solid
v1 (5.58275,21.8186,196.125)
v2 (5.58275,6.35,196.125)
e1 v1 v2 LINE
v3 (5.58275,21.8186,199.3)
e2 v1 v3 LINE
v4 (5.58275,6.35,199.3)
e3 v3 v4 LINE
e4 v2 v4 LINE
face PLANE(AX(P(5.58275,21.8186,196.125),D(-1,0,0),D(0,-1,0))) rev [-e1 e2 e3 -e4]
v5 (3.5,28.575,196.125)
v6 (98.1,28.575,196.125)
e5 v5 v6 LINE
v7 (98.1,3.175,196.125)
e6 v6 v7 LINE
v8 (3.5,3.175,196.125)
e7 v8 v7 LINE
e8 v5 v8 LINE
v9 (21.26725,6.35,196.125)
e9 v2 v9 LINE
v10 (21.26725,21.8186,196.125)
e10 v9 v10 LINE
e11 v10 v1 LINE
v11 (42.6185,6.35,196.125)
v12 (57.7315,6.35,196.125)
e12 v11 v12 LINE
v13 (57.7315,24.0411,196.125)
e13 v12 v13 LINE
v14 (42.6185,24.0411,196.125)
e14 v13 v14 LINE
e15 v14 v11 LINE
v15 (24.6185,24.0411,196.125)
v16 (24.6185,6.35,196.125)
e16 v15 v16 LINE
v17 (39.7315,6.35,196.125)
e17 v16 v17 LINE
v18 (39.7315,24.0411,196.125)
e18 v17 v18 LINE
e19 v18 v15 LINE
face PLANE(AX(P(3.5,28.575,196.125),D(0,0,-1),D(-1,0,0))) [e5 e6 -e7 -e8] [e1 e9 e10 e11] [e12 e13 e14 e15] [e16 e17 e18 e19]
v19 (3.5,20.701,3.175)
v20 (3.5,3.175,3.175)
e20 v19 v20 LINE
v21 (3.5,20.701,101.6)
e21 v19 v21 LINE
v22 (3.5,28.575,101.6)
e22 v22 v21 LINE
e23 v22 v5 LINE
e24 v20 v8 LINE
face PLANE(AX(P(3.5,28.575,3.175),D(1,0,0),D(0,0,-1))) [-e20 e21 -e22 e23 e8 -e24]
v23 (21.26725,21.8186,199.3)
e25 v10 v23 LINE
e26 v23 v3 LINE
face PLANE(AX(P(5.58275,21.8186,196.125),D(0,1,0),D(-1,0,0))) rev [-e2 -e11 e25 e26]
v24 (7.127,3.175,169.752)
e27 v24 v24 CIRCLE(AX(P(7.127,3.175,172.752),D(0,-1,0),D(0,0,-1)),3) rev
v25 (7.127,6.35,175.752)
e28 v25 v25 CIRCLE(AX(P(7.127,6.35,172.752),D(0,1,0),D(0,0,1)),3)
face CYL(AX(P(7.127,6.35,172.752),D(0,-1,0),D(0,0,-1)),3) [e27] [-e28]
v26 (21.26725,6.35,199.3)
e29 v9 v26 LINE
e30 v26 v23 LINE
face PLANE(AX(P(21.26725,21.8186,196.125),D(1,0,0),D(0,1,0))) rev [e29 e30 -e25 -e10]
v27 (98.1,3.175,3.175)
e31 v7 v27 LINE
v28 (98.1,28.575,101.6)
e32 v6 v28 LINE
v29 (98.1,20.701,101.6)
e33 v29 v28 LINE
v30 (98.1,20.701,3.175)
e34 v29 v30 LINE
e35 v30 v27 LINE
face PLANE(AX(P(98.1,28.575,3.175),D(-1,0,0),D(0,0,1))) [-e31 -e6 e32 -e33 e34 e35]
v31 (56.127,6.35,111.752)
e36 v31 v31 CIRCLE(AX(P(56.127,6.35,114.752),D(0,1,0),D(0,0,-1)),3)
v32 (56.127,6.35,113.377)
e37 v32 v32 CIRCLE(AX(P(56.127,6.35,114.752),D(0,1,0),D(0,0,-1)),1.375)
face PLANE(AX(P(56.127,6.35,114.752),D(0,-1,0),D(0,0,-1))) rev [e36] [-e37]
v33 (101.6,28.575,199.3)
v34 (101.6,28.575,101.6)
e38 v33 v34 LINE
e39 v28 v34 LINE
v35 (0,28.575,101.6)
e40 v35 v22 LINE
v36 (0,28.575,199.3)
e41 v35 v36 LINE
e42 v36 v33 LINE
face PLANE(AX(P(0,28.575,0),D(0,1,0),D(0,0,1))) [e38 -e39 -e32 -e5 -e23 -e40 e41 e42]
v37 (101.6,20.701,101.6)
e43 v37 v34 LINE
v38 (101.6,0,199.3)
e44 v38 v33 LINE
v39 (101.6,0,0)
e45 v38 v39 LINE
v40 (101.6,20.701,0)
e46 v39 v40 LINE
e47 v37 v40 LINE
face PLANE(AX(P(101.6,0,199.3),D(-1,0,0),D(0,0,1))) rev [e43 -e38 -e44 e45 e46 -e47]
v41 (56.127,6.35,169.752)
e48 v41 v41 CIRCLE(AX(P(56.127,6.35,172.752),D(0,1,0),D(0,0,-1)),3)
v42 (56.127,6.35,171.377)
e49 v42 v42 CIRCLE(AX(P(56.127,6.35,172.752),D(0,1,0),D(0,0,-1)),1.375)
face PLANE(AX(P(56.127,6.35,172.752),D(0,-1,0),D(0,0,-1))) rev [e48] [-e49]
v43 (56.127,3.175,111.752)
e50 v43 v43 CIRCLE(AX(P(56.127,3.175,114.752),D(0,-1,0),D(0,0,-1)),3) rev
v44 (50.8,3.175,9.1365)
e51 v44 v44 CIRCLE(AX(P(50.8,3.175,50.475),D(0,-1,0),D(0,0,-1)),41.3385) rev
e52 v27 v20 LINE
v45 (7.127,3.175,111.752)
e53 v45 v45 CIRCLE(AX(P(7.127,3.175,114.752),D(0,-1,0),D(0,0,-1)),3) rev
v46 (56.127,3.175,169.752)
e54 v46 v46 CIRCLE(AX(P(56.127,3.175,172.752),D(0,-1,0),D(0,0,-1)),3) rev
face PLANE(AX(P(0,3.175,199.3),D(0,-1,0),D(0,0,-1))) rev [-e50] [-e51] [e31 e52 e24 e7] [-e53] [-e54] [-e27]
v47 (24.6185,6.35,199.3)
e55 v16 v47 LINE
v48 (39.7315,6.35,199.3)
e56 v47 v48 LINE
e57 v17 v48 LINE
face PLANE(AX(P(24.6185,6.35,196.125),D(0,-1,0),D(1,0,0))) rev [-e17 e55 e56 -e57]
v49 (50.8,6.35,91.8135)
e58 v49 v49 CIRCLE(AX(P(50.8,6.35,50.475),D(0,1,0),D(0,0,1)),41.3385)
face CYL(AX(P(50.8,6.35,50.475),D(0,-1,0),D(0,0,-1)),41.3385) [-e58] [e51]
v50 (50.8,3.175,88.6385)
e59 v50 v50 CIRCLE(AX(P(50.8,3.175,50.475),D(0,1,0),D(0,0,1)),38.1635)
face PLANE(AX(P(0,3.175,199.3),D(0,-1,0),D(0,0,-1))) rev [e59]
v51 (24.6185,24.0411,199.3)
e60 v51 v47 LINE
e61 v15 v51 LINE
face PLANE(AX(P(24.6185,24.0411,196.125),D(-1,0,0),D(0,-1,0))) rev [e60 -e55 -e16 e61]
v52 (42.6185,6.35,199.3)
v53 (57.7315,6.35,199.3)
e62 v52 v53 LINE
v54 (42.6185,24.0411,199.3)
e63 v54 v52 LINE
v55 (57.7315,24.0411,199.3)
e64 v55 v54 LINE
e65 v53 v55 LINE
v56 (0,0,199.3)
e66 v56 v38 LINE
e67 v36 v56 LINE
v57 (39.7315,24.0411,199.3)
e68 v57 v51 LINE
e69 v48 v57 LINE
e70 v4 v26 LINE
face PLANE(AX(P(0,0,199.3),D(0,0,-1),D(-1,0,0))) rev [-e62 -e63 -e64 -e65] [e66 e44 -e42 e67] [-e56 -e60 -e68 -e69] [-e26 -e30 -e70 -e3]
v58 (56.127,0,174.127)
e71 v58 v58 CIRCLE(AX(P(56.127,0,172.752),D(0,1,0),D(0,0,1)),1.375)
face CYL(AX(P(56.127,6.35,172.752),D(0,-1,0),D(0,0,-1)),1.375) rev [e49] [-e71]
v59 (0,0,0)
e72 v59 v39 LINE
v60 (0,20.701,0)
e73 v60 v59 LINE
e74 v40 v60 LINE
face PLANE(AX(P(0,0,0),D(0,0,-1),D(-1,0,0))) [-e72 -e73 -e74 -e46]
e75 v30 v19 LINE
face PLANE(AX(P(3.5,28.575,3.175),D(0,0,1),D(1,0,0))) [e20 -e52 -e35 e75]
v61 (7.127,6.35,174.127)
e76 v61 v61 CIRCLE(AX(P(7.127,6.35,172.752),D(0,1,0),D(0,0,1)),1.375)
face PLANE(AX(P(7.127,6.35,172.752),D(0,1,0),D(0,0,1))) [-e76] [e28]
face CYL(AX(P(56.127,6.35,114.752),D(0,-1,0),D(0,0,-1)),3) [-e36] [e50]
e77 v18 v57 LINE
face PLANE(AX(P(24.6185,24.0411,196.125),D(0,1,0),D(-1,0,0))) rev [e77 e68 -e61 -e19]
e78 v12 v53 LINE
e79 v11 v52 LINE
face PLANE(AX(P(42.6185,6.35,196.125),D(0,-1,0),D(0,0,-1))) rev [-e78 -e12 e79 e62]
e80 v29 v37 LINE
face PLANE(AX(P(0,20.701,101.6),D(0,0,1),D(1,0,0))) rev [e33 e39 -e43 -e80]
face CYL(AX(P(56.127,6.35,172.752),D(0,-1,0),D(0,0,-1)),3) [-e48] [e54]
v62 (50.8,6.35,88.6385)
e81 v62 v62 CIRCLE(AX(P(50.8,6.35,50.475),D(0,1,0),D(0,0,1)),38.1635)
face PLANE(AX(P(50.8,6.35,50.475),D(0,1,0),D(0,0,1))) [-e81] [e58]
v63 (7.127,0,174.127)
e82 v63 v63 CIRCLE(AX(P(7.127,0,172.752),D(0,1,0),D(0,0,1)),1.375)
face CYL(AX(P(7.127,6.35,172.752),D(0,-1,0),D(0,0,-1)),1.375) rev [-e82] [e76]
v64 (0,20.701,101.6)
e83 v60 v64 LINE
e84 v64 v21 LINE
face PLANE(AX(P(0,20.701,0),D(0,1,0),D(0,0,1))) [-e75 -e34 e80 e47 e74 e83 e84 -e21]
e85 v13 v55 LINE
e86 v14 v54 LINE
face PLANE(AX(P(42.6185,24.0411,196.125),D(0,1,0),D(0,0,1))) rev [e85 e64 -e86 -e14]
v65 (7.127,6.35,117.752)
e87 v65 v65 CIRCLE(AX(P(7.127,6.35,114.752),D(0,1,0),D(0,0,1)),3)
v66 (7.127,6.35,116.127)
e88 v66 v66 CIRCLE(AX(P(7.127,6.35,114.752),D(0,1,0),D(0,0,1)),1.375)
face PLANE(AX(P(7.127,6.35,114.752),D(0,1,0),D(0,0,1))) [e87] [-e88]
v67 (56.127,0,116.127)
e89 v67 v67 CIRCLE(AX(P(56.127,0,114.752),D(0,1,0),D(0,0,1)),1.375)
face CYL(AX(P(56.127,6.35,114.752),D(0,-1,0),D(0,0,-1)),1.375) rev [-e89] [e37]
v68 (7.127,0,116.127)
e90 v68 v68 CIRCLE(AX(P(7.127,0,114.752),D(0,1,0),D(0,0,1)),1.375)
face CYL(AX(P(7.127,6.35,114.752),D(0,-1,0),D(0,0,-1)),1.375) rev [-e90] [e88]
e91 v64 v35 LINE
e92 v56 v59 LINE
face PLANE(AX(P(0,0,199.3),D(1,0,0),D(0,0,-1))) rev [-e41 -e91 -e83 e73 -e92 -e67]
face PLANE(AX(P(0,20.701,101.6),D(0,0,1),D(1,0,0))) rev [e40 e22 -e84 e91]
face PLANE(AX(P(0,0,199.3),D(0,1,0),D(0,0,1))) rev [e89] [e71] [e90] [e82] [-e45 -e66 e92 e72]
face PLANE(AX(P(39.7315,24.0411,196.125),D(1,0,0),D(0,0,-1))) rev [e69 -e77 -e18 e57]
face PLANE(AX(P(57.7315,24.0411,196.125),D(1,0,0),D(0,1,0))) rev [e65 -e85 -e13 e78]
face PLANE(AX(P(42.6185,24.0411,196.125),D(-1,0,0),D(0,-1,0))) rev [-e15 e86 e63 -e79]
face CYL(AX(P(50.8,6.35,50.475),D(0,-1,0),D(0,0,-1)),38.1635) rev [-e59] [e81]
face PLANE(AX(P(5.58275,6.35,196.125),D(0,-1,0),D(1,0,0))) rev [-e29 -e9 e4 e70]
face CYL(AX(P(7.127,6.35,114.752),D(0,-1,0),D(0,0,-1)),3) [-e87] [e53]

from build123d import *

# Parameters (mm, degrees)
SKETCH2_W           = 101.6
SKETCH2_H           = 3.175
BOSS_EXTRUDE1_DEPTH = 199.3
SKETCH3_W           = 101.6
SKETCH3_H           = 199.3
SKETCH3_W_2         = 94.6
SKETCH3_H_2         = 192.95
BOSS_EXTRUDE2_DEPTH = 25.4
SKETCH5_R           = 41.3385
SKETCH5_R_2         = 38.1635
BOSS_EXTRUDE4_DEPTH = 3.175
SKETCH7_R           = 3
SKETCH7_R_2         = 1.375
BOSS_EXTRUDE5_DEPTH = 3.175
SKETCH8_W           = 15.6845
SKETCH8_H           = 15.4686
SKETCH8_W_2         = 15.113
SKETCH8_H_2         = 17.6911
CUT_EXTRUDE1_DEPTH  = 3.175
SKETCH9_R           = 1.375
CUT_EXTRUDE2_DEPTH  = 3.175
SKETCH10_W          = 101.6
SKETCH10_H          = 101.6
CUT_EXTRUDE3_DEPTH  = 7.874


with BuildPart() as part:
    # Sketch2 → Boss-Extrude1 (new body)
    with BuildSketch(Plane.XY):
        with Locations((50.8, 1.5875)):
            Rectangle(SKETCH2_W, SKETCH2_H)
    extrude(amount=BOSS_EXTRUDE1_DEPTH)

    # Sketch3 → Boss-Extrude2 (add)
    with BuildSketch(Plane(origin=(0, 3.175, 0), x_dir=(1, 0, 0), z_dir=(0, 1, 0))):
        with Locations((50.8, -99.65)):
            Rectangle(SKETCH3_W, SKETCH3_H)
        with Locations((50.8, -99.65)):
            Rectangle(SKETCH3_W_2, SKETCH3_H_2, mode=Mode.SUBTRACT)
    extrude(amount=BOSS_EXTRUDE2_DEPTH)

    # Sketch5 → Boss-Extrude4 (add)
    with BuildSketch(Plane(origin=(0, 3.175, 0), x_dir=(1, 0, 0), z_dir=(0, 1, 0))):
        with Locations((50.8, -50.475)):
            Circle(SKETCH5_R)
        with Locations((50.8, -50.475)):
            Circle(SKETCH5_R_2, mode=Mode.SUBTRACT)
    extrude(amount=BOSS_EXTRUDE4_DEPTH)

    # Sketch7 → Boss-Extrude5 (add)
    with BuildSketch(Plane(origin=(0, 3.175, 0), x_dir=(1, 0, 0), z_dir=(0, 1, 0))):
        with Locations((7.127, -172.752)):
            Circle(SKETCH7_R)
        with Locations((7.127, -172.752)):
            Circle(SKETCH7_R_2, mode=Mode.SUBTRACT)
        with Locations((7.127, -114.752)):
            Circle(SKETCH7_R)
        with Locations((7.127, -114.752)):
            Circle(SKETCH7_R_2, mode=Mode.SUBTRACT)
        with Locations((56.127, -172.752)):
            Circle(SKETCH7_R)
        with Locations((56.127, -172.752)):
            Circle(SKETCH7_R_2, mode=Mode.SUBTRACT)
        with Locations((56.127, -114.752)):
            Circle(SKETCH7_R)
        with Locations((56.127, -114.752)):
            Circle(SKETCH7_R_2, mode=Mode.SUBTRACT)
    extrude(amount=BOSS_EXTRUDE5_DEPTH)

    # Sketch8 → Cut-Extrude1 (cut)
    with BuildSketch(Plane.XY.offset(199.3)):
        with Locations((13.425, 14.0843)):
            Rectangle(SKETCH8_W, SKETCH8_H)
        with Locations((32.175, 15.19555)):
            Rectangle(SKETCH8_W_2, SKETCH8_H_2)
        with Locations((50.175, 15.19555)):
            Rectangle(SKETCH8_W_2, SKETCH8_H_2)
    extrude(amount=-CUT_EXTRUDE1_DEPTH, mode=Mode.SUBTRACT)

    # Sketch9 → Cut-Extrude2 (cut)
    with BuildSketch(Plane(origin=(0, 3.175, 0), x_dir=(1, 0, 0), z_dir=(0, 1, 0))):
        with Locations((7.127, -114.752)):
            Circle(SKETCH9_R)
        with Locations((56.127, -114.752)):
            Circle(SKETCH9_R)
        with Locations((56.127, -172.752)):
            Circle(SKETCH9_R)
        with Locations((7.127, -172.752)):
            Circle(SKETCH9_R)
    extrude(amount=-CUT_EXTRUDE2_DEPTH, mode=Mode.SUBTRACT)

    # Sketch10 → Cut-Extrude3 (cut)
    with BuildSketch(Plane(origin=(0, 28.575, 0), x_dir=(1, 0, 0), z_dir=(0, 1, 0))):
        with Locations((50.8, -50.8)):
            Rectangle(SKETCH10_W, SKETCH10_H)
    extrude(amount=-CUT_EXTRUDE3_DEPTH, mode=Mode.SUBTRACT)


solid = part.part
